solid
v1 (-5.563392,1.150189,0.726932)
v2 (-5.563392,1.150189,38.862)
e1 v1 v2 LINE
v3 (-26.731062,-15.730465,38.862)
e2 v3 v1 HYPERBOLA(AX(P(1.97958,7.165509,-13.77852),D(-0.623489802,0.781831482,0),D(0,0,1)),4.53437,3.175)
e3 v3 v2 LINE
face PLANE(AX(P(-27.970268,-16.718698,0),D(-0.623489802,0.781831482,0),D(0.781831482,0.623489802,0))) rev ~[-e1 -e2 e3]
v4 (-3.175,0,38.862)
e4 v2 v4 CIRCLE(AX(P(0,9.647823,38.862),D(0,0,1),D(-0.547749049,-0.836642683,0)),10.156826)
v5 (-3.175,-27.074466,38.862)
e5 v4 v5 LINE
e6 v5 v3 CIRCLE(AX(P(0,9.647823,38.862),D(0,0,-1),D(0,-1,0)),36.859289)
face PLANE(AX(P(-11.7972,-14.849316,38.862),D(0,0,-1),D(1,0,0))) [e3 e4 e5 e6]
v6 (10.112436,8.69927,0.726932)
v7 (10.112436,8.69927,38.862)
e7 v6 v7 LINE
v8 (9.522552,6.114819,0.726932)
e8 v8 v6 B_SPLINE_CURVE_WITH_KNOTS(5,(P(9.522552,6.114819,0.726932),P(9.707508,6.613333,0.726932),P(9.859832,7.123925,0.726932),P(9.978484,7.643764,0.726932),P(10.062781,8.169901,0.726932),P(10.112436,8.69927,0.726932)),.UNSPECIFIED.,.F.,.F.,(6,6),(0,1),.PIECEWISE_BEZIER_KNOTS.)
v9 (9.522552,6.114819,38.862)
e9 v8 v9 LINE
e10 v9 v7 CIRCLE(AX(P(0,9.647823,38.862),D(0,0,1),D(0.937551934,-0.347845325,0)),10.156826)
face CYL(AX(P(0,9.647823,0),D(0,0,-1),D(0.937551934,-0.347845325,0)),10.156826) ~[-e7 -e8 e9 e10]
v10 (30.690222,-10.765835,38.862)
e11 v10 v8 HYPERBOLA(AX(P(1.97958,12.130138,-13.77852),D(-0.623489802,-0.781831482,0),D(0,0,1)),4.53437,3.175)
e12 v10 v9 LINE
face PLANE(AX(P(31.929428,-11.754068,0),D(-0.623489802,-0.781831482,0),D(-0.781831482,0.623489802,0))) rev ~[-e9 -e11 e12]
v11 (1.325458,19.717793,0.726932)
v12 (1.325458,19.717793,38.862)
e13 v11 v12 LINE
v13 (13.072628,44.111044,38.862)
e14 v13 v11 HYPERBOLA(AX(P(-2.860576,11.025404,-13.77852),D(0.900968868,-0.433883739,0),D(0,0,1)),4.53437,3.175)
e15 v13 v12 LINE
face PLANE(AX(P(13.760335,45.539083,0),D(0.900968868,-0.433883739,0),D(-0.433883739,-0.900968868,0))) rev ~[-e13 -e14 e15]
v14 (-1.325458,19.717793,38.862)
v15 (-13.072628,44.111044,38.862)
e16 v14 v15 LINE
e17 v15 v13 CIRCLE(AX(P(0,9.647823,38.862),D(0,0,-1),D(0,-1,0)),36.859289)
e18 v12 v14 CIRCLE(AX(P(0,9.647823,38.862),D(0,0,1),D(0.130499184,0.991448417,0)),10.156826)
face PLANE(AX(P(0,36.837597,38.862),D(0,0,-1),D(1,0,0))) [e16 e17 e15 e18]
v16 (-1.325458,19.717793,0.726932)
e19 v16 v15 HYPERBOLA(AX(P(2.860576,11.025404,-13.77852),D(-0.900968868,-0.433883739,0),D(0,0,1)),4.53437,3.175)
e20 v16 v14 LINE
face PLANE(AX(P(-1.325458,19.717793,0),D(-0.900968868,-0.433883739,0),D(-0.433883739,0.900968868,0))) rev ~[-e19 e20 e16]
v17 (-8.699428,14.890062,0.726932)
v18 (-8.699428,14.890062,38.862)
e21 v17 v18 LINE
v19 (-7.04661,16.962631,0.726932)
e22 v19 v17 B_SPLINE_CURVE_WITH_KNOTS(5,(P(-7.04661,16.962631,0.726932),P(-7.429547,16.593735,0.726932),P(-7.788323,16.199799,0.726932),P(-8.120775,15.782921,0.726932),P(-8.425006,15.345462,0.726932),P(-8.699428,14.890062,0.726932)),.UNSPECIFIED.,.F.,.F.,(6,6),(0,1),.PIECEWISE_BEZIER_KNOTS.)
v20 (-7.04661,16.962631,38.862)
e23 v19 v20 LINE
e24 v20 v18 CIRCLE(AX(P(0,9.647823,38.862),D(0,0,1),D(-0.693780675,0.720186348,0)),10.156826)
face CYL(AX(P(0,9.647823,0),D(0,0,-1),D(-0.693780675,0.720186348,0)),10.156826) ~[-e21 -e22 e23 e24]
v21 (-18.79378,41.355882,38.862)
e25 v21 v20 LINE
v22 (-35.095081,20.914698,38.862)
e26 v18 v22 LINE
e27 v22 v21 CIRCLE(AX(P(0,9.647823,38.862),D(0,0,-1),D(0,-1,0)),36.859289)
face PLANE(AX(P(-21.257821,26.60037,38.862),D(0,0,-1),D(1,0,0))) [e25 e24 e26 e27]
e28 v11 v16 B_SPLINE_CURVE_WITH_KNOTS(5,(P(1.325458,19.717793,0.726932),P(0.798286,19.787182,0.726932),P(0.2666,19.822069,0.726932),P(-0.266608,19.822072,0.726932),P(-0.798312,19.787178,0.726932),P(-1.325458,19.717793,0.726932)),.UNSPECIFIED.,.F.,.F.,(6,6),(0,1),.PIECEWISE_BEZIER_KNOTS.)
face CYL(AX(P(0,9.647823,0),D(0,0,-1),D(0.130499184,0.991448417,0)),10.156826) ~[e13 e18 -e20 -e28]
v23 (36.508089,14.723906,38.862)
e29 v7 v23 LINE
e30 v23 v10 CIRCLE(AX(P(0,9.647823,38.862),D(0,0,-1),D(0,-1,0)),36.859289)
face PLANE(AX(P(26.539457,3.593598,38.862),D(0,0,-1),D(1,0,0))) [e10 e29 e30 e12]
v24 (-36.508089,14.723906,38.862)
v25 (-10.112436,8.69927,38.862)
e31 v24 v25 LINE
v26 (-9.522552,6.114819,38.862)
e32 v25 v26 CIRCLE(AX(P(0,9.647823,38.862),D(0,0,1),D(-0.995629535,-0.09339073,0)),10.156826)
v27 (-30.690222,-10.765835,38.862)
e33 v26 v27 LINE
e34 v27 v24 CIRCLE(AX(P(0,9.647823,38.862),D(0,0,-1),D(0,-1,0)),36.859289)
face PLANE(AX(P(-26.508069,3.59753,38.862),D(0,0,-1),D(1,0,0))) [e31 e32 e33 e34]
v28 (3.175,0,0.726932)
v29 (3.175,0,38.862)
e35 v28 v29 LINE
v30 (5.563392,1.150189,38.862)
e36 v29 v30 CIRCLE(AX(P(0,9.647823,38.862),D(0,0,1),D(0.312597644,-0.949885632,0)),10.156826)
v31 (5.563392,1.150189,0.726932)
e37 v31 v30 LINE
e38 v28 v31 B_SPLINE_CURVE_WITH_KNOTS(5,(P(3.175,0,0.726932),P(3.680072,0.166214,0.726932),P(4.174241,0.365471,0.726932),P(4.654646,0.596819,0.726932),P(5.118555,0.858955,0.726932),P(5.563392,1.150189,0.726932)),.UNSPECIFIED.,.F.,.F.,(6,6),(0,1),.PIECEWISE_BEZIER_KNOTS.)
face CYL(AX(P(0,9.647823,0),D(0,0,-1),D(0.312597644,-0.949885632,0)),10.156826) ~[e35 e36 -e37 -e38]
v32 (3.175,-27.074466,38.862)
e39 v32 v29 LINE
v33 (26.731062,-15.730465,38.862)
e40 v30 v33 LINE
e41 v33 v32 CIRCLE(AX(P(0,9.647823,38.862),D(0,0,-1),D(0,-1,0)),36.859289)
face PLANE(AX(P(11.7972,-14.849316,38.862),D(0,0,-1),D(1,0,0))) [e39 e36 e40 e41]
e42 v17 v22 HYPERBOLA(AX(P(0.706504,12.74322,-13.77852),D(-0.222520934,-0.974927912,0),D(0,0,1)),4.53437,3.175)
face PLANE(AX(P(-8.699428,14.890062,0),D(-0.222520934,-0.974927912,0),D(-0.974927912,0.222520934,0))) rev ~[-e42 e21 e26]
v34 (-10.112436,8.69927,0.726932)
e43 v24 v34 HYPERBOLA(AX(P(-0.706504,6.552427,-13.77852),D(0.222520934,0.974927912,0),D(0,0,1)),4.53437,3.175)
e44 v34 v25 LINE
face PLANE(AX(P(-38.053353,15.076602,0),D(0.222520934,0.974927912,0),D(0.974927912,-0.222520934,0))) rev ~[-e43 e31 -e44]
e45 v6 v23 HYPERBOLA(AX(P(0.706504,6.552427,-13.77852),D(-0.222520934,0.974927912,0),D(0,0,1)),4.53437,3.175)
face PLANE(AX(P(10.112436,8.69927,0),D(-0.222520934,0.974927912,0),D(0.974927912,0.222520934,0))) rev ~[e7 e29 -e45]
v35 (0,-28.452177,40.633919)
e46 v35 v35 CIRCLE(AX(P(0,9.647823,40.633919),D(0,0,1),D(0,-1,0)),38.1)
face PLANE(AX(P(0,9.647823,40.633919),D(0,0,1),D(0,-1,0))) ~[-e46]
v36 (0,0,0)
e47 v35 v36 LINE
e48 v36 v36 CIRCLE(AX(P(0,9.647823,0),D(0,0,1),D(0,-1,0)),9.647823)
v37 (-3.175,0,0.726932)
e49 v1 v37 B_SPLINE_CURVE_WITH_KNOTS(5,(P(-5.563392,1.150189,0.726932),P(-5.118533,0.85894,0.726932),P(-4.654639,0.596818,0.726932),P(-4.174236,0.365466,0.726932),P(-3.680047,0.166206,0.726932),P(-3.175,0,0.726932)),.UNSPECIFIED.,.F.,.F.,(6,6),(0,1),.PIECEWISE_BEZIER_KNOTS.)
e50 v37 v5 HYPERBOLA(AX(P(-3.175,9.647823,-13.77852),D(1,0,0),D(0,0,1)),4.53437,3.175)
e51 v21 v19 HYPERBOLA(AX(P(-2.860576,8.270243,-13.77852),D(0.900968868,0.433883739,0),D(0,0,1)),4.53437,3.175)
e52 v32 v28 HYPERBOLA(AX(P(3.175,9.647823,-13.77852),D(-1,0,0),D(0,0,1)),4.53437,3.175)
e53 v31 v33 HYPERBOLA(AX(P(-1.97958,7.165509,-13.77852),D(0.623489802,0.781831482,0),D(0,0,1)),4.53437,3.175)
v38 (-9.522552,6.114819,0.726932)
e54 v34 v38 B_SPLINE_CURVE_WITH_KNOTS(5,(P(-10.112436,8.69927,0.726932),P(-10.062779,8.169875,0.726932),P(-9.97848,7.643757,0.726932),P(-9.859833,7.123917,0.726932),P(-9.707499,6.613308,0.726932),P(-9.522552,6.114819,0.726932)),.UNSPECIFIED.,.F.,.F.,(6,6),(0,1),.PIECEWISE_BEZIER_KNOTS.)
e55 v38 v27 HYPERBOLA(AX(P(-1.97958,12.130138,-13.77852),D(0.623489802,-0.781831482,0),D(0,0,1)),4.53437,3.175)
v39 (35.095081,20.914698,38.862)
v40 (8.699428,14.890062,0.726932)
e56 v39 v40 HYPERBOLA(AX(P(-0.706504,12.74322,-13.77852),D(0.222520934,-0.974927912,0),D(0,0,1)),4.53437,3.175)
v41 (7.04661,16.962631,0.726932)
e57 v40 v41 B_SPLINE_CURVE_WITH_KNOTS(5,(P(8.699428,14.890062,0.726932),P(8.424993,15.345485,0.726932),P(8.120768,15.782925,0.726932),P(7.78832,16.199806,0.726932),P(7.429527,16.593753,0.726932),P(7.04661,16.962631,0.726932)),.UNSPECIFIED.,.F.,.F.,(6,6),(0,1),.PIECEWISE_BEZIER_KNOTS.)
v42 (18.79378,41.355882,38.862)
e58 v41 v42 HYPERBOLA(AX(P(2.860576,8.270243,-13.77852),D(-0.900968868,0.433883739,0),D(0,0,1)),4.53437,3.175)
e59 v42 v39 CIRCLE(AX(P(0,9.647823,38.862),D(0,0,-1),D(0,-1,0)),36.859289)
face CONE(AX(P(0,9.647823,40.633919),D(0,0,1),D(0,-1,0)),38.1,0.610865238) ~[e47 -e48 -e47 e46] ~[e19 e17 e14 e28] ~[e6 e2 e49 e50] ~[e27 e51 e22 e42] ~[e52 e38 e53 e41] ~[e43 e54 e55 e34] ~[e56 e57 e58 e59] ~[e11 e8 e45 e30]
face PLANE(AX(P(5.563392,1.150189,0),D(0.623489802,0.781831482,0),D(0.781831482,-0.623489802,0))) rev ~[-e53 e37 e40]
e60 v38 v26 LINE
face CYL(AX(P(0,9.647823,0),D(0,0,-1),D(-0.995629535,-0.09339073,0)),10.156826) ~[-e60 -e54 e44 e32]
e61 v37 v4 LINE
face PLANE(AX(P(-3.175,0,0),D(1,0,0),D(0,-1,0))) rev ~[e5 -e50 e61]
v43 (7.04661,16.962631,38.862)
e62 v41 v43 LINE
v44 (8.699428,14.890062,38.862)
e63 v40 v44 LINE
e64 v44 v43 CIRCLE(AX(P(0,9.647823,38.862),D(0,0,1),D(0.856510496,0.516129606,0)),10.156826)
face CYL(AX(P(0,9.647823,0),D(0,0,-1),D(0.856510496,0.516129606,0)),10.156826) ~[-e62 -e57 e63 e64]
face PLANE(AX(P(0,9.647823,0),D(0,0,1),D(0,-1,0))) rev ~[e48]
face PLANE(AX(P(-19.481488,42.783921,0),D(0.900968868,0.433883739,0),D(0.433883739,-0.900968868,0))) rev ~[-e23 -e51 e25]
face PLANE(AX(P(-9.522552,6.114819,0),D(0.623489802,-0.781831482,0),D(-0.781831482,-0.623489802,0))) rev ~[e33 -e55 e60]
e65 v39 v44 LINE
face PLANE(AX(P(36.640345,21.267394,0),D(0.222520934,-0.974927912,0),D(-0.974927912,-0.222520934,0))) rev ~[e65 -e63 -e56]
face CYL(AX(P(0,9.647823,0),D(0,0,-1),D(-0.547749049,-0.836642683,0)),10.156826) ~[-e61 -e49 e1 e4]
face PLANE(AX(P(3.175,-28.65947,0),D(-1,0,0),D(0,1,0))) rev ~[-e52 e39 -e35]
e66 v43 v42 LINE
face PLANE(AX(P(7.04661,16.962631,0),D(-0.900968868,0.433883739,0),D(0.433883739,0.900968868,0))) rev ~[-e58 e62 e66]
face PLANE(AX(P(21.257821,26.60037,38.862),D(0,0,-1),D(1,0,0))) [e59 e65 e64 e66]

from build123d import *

# Parameters (mm, degrees)
F3_DEPTH = 38.862


with BuildPart() as f1:
    # F0 (on Right) → F1 (revolve)
    with BuildSketch(Plane.YZ):
        Polygon((-28.4521765367, 40.6339192084), (0, 0), (9.6478234633, 0), (9.6478234633, 40.6339192084), align=None)
    revolve(axis=Axis((0, 9.6478234633, 20.3169596042), (0, 0, 1)))

    # F2 (on face) → F3 (cut)
    with BuildSketch(Plane(origin=(0, 0, 0), x_dir=(1, 0, 0), z_dir=(0, 0, -1))):
        with BuildLine():
            ThreePointArc((-5.563392, -1.150188967), (-4.4068818173, -0.4968390776), (-3.175, 0))
            Line((-3.175, 0), (-3.175, 28.6594695933))
            ThreePointArc((-3.175, 28.6594695933), (-16.6779024372, 24.9841977976), (-27.9702675988, 16.7186980512))
            Line((-27.9702675988, 16.7186980512), (-5.563392, -1.1501889669))
        make_face()
        with BuildLine():
            ThreePointArc((3.175, 0), (4.4068818173, -0.4968390776), (5.563392, -1.150188967))
            Line((5.563392, -1.1501889669), (27.9702675988, 16.7186980512))
            ThreePointArc((27.9702675988, 16.7186980512), (16.6779024372, 24.9841977976), (3.175, 28.6594695933))
            Line((3.175, 28.6594695933), (3.175, 0))
        make_face()
        with BuildLine():
            ThreePointArc((9.5225522418, -6.1148188806), (9.9021735593, -7.3877169661), (10.1124363514, -8.6992700298))
            Line((10.1124363514, -8.6992700298), (38.0533532063, -15.0766019704))
            ThreePointArc((38.0533532063, -15.0766019704), (38.3422000558, -12.369040324), (38.4386436587, -9.6478234633))
            ThreePointArc((38.4386436587, -9.6478234633), (36.7753533315, 1.5371089757), (31.9294278406, 11.7540681375))
            Line((31.9294278406, 11.7540681375), (9.5225522418, -6.1148188806))
        make_face()
        with BuildLine():
            Line((36.6403452756, -21.2673942127), (8.6994284208, -14.8900622721))
            ThreePointArc((8.6994284208, -14.8900622721), (7.9409266437, -15.9805011447), (7.0466098742, -16.962631175))
            Line((7.0466098742, -16.962631175), (19.4814877024, -42.7839210491))
            ThreePointArc((19.4814877024, -42.7839210491), (30.0525417557, -33.6139257817), (36.6403452756, -21.2673942127))
        make_face()
        with BuildLine():
            Line((13.7603353913, -45.5390827925), (1.325457563, -19.7177929184))
            ThreePointArc((1.325457563, -19.7177929184), (0, -19.8046498661), (-1.325457563, -19.7177929184))
            Line((-1.325457563, -19.7177929184), (-13.7603353913, -45.5390827925))
            ThreePointArc((-13.7603353913, -45.5390827925), (0, -48.086467122), (13.7603353913, -45.5390827925))
        make_face()
        with BuildLine():
            Line((-19.4814877024, -42.7839210491), (-7.0466098742, -16.962631175))
            ThreePointArc((-7.0466098742, -16.962631175), (-7.9409266437, -15.9805011447), (-8.6994284208, -14.8900622721))
            Line((-8.6994284208, -14.8900622721), (-36.6403452756, -21.2673942127))
            ThreePointArc((-36.6403452756, -21.2673942127), (-30.0525417557, -33.6139257817), (-19.4814877024, -42.7839210491))
        make_face()
        with BuildLine():
            Line((-38.0533532063, -15.0766019704), (-10.1124363514, -8.6992700298))
            ThreePointArc((-10.1124363514, -8.6992700298), (-9.9021735593, -7.3877169661), (-9.5225522418, -6.1148188806))
            Line((-9.5225522418, -6.1148188806), (-31.9294278406, 11.7540681375))
            ThreePointArc((-31.9294278406, 11.7540681375), (-37.4749066093, -1.0944205763), (-38.0533532063, -15.0766019704))
        make_face()
    extrude(amount=-F3_DEPTH, mode=Mode.SUBTRACT)


solid = f1.part
